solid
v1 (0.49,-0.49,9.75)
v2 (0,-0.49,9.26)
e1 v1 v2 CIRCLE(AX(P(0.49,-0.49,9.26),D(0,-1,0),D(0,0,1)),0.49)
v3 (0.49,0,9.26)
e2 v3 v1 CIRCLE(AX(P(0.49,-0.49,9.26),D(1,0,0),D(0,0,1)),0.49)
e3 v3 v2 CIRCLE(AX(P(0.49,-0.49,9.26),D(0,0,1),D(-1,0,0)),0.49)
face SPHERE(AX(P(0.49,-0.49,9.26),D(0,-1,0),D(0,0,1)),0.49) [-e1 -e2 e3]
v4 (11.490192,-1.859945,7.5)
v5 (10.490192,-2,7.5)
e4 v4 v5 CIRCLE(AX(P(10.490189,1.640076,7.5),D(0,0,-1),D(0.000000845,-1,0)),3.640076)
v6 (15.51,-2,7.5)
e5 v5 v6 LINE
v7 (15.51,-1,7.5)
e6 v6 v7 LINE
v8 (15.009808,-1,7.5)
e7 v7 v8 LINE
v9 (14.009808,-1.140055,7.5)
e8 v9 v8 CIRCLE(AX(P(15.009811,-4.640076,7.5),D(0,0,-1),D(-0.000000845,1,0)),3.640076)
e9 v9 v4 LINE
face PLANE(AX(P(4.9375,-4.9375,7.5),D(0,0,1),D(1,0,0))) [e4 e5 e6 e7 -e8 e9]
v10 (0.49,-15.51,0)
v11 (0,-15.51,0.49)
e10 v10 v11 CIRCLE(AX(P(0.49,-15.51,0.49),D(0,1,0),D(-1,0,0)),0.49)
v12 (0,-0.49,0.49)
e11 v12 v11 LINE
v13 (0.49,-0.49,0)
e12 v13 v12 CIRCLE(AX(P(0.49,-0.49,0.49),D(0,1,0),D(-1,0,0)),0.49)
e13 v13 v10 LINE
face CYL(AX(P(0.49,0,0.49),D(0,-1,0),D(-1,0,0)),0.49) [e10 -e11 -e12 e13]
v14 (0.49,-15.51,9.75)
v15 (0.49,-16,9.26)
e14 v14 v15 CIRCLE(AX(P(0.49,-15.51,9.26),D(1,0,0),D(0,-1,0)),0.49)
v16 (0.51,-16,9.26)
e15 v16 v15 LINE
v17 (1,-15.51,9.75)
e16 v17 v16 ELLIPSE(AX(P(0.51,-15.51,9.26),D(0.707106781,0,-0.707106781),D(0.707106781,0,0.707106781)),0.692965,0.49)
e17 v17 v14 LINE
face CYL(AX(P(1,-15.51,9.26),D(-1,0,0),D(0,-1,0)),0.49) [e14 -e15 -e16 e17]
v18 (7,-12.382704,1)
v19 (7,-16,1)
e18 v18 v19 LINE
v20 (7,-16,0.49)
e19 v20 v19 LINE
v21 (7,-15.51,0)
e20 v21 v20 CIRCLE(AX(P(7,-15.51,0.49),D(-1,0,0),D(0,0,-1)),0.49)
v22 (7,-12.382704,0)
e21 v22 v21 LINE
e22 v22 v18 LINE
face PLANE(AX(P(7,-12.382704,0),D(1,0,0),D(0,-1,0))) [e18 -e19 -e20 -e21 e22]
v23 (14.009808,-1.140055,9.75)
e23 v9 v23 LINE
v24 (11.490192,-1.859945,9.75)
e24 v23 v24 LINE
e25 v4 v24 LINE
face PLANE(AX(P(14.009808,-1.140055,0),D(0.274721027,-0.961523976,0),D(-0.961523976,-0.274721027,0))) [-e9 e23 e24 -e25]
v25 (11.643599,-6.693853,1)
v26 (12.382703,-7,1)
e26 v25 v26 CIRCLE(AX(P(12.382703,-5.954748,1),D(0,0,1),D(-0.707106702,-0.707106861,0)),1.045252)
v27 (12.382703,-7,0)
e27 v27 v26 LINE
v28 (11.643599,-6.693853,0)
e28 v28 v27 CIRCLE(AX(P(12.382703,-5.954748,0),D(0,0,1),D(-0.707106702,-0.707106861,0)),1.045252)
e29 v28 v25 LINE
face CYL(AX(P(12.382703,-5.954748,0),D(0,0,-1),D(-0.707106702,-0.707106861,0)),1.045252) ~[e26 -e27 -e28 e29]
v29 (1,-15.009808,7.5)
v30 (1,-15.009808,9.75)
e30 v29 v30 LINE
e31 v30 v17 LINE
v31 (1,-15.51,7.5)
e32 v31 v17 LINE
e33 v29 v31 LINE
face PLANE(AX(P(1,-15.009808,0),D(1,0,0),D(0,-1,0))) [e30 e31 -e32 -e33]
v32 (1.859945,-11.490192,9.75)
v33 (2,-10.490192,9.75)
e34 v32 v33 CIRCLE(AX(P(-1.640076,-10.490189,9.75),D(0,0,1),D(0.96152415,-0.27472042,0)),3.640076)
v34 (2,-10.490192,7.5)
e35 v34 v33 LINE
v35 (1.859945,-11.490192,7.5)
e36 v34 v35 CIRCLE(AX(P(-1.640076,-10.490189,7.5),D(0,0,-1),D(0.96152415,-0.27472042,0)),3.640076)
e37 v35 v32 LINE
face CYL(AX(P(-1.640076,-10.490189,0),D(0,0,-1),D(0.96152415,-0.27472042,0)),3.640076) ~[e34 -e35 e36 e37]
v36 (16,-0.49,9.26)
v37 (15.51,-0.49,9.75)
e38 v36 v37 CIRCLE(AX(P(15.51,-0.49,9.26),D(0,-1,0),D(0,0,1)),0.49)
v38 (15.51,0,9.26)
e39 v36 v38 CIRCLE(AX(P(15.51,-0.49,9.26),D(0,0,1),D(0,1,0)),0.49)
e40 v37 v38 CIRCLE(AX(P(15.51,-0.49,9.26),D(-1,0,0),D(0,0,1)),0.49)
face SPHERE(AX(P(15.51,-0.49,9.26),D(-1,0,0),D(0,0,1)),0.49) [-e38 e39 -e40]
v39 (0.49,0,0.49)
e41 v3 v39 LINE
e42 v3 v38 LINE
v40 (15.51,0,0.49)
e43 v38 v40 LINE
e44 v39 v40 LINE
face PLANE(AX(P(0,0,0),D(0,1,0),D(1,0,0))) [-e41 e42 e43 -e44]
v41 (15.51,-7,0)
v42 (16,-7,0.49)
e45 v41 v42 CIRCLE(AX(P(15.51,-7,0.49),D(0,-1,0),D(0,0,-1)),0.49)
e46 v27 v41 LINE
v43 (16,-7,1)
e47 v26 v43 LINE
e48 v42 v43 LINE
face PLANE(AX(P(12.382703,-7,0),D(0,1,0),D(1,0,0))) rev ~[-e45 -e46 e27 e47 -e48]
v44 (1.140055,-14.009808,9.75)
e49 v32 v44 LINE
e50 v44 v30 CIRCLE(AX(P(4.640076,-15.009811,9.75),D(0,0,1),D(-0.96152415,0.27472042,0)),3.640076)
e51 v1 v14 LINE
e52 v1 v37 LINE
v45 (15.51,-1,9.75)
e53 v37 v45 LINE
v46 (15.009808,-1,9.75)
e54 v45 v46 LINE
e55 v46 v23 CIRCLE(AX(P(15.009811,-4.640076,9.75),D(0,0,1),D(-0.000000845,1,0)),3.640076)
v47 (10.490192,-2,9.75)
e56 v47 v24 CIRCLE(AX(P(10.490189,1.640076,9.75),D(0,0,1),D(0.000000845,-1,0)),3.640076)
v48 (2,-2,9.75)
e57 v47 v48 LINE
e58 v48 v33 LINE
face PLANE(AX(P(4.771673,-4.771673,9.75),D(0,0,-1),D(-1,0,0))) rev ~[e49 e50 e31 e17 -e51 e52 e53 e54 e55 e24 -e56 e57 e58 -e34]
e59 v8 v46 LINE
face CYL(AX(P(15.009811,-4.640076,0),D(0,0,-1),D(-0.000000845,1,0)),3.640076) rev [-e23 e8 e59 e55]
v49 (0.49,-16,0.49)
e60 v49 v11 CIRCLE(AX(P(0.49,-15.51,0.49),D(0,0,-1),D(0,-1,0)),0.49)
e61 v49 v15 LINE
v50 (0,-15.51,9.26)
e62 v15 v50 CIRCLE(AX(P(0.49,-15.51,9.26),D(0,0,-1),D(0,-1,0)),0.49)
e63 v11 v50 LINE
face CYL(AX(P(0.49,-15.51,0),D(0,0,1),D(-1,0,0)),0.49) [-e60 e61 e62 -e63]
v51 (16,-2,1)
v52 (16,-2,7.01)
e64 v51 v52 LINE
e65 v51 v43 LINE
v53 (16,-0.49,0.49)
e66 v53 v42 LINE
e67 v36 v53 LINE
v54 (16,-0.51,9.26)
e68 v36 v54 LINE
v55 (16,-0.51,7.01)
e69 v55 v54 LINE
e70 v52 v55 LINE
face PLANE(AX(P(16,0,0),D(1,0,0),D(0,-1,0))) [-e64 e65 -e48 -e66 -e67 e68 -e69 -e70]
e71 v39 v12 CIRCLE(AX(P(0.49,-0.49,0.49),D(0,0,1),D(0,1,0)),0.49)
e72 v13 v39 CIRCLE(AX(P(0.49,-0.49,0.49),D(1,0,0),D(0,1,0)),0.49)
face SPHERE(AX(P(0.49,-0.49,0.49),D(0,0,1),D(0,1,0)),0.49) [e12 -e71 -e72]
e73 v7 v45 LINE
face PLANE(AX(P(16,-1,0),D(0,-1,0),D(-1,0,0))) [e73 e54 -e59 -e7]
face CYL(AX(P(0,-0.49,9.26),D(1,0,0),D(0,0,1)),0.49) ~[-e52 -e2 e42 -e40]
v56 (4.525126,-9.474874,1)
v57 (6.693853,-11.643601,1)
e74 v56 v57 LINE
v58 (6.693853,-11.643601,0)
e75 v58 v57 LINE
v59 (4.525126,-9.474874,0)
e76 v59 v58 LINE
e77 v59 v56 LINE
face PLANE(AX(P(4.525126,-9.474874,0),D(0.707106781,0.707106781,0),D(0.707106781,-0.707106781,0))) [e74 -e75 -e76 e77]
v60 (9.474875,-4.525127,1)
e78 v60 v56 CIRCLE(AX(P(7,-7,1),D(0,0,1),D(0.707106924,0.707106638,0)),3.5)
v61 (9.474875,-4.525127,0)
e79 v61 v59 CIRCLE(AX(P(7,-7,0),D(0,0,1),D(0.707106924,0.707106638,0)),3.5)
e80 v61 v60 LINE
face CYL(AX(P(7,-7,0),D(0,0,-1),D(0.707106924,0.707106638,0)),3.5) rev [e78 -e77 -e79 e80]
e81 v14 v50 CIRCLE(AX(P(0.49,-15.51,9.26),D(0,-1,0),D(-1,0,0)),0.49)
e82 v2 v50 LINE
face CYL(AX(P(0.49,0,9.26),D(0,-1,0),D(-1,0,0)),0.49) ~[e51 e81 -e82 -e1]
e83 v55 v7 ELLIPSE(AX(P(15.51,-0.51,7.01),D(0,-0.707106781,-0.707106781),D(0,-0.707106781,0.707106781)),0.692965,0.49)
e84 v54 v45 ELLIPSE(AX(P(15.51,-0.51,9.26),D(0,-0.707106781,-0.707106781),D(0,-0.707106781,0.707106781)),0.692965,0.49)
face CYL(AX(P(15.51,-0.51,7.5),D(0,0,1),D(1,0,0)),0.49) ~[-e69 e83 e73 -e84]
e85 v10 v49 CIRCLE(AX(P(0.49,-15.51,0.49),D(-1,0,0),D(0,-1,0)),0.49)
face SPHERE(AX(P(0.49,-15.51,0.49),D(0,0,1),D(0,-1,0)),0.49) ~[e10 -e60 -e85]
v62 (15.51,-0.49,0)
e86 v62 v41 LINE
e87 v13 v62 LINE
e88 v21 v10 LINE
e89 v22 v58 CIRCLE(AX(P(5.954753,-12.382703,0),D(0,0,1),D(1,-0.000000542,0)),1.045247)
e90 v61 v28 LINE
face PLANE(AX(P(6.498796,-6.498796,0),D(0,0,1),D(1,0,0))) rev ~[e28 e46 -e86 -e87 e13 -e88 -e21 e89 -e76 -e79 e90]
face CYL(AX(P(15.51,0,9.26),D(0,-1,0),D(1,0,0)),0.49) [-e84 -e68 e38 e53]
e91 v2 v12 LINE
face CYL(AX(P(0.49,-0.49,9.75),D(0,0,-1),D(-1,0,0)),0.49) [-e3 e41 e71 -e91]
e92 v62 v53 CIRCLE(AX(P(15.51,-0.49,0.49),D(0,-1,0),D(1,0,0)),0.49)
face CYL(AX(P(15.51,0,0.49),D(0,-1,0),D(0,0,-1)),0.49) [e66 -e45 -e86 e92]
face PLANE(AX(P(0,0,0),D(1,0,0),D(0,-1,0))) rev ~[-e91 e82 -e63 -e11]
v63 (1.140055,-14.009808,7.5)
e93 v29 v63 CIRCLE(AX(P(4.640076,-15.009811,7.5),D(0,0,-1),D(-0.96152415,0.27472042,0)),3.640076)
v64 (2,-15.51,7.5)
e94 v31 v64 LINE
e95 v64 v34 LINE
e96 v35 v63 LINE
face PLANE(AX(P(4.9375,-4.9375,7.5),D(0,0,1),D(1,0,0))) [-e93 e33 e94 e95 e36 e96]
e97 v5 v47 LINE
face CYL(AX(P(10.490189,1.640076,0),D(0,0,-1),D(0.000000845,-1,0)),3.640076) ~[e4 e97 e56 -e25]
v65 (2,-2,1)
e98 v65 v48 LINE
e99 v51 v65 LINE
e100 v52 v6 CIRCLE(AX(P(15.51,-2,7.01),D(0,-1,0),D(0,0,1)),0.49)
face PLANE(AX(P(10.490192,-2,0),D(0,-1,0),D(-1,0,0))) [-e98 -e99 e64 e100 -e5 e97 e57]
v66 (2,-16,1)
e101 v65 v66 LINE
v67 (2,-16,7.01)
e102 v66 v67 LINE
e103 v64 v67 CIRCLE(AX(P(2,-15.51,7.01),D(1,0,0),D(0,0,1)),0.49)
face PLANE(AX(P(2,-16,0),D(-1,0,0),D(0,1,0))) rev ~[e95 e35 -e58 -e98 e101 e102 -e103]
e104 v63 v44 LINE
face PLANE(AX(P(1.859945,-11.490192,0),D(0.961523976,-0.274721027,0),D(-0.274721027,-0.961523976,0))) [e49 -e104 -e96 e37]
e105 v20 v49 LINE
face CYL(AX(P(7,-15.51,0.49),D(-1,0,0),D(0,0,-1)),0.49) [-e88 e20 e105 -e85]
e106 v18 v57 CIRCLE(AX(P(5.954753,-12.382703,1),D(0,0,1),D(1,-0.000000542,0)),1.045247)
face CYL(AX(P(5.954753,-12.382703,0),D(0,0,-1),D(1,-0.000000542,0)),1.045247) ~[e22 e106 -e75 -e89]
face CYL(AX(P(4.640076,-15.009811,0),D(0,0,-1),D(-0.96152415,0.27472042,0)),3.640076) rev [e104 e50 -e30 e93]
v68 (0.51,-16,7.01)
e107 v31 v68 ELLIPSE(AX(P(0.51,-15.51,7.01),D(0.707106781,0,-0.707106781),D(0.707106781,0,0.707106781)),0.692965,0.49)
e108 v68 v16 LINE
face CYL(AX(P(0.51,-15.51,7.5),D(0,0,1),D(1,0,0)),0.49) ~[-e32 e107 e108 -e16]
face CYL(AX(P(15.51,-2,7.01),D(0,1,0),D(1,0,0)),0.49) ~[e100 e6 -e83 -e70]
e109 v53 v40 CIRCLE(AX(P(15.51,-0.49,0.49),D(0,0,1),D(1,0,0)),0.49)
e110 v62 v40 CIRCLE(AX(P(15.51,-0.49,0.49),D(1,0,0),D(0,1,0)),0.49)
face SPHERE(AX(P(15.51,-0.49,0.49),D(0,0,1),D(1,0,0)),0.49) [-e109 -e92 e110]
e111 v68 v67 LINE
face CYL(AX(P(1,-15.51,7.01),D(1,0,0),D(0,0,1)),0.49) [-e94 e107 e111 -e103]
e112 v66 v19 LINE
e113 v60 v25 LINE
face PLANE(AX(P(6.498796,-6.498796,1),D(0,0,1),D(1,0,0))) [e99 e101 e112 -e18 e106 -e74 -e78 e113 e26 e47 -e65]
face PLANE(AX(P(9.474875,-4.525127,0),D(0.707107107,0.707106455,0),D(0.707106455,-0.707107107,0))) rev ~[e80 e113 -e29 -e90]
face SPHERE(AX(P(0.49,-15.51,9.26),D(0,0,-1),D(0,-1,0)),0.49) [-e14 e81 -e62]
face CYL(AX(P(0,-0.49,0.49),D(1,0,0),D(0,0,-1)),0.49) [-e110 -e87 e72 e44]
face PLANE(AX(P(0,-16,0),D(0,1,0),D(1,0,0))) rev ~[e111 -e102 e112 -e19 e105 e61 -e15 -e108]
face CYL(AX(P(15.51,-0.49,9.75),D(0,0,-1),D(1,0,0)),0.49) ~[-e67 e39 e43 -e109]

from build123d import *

# Parameters (mm, degrees)
PAD_DEPTH    = 1
PAD001_DEPTH = 9.75
PAD002_DEPTH = 7.5
FILLET_R     = 0.49


with BuildPart() as part:
    # Sketch → Pad (new body)
    with BuildSketch(Plane.XY):
        with BuildLine():
            Line((0, 0), (0, -16))
            Line((0, -16), (7, -16))
            Line((7, -12.382704), (7, -16))
            ThreePointArc((7, -12.382704), (6.920435, -11.982704), (6.693853, -11.643601))
            Line((4.525126, -9.474874), (6.693853, -11.643601))
            ThreePointArc((9.474875, -4.525127), (4.525127, -4.525126), (4.525126, -9.474874))
            Line((9.474875, -4.525127), (11.643599, -6.693853))
            ThreePointArc((11.643599, -6.693853), (11.982703, -6.920435), (12.382703, -7))
            Line((12.382703, -7), (16, -7))
            Line((16, 0), (16, -7))
            Line((0, 0), (16, 0))
        make_face()
    extrude(amount=PAD_DEPTH)

    # Sketch001 (on XY_Plane of Origin) → Pad001 (join)
    with BuildSketch(Plane.XY):
        with BuildLine():
            Line((0, 0), (16, 0))
            Line((16, 0), (16, -1))
            Line((16, -1), (15.009808, -1))
            ThreePointArc((15.009808, -1), (14.504928, -1.035184), (14.009808, -1.140055))
            Line((14.009808, -1.140055), (11.490192, -1.859945))
            ThreePointArc((10.490192, -2), (10.995072, -1.964816), (11.490192, -1.859945))
            Line((10.490192, -2), (2, -2))
            Line((2, -2), (2, -10.490192))
            ThreePointArc((1.859945, -11.490192), (1.964816, -10.995072), (2, -10.490192))
            Line((1.859945, -11.490192), (1.140055, -14.009808))
            ThreePointArc((1.140055, -14.009808), (1.035184, -14.504928), (1, -15.009808))
            Line((1, -15.009808), (1, -16))
            Line((1, -16), (0, -16))
            Line((0, 0), (0, -16))
        make_face()
    extrude(amount=PAD001_DEPTH)

    # Sketch002 (on XY_Plane of Origin) → Pad002 (join)
    with BuildSketch(Plane.XY):
        Polygon((16, -2), (16, 0), (0, 0), (0, -16), (2, -16), (2, -2), align=None)
    extrude(amount=PAD002_DEPTH)

    # Fillet
    fillet_edges = [part.edges().sort_by_distance(p)[0] for p in [
        (1.5, -16, 7.5),
        (1, -16, 8.625),
        (0, -16, 4.875),
        (0.5, -16, 9.75),
        (0, -8, 9.75),
        (8, 0, 9.75),
        (16, -1, 8.625),
        (16, -0.5, 9.75),
        (16, 0, 4.875),
        (16, -1.5, 7.5),
        (0, 0, 4.875),
        (3.5, -16, 0),
        (16, -3.5, 0),
        (8, 0, 0),
        (0, -8, 0),
    ]]
    fillet(fillet_edges, radius=FILLET_R)


solid = part.part
